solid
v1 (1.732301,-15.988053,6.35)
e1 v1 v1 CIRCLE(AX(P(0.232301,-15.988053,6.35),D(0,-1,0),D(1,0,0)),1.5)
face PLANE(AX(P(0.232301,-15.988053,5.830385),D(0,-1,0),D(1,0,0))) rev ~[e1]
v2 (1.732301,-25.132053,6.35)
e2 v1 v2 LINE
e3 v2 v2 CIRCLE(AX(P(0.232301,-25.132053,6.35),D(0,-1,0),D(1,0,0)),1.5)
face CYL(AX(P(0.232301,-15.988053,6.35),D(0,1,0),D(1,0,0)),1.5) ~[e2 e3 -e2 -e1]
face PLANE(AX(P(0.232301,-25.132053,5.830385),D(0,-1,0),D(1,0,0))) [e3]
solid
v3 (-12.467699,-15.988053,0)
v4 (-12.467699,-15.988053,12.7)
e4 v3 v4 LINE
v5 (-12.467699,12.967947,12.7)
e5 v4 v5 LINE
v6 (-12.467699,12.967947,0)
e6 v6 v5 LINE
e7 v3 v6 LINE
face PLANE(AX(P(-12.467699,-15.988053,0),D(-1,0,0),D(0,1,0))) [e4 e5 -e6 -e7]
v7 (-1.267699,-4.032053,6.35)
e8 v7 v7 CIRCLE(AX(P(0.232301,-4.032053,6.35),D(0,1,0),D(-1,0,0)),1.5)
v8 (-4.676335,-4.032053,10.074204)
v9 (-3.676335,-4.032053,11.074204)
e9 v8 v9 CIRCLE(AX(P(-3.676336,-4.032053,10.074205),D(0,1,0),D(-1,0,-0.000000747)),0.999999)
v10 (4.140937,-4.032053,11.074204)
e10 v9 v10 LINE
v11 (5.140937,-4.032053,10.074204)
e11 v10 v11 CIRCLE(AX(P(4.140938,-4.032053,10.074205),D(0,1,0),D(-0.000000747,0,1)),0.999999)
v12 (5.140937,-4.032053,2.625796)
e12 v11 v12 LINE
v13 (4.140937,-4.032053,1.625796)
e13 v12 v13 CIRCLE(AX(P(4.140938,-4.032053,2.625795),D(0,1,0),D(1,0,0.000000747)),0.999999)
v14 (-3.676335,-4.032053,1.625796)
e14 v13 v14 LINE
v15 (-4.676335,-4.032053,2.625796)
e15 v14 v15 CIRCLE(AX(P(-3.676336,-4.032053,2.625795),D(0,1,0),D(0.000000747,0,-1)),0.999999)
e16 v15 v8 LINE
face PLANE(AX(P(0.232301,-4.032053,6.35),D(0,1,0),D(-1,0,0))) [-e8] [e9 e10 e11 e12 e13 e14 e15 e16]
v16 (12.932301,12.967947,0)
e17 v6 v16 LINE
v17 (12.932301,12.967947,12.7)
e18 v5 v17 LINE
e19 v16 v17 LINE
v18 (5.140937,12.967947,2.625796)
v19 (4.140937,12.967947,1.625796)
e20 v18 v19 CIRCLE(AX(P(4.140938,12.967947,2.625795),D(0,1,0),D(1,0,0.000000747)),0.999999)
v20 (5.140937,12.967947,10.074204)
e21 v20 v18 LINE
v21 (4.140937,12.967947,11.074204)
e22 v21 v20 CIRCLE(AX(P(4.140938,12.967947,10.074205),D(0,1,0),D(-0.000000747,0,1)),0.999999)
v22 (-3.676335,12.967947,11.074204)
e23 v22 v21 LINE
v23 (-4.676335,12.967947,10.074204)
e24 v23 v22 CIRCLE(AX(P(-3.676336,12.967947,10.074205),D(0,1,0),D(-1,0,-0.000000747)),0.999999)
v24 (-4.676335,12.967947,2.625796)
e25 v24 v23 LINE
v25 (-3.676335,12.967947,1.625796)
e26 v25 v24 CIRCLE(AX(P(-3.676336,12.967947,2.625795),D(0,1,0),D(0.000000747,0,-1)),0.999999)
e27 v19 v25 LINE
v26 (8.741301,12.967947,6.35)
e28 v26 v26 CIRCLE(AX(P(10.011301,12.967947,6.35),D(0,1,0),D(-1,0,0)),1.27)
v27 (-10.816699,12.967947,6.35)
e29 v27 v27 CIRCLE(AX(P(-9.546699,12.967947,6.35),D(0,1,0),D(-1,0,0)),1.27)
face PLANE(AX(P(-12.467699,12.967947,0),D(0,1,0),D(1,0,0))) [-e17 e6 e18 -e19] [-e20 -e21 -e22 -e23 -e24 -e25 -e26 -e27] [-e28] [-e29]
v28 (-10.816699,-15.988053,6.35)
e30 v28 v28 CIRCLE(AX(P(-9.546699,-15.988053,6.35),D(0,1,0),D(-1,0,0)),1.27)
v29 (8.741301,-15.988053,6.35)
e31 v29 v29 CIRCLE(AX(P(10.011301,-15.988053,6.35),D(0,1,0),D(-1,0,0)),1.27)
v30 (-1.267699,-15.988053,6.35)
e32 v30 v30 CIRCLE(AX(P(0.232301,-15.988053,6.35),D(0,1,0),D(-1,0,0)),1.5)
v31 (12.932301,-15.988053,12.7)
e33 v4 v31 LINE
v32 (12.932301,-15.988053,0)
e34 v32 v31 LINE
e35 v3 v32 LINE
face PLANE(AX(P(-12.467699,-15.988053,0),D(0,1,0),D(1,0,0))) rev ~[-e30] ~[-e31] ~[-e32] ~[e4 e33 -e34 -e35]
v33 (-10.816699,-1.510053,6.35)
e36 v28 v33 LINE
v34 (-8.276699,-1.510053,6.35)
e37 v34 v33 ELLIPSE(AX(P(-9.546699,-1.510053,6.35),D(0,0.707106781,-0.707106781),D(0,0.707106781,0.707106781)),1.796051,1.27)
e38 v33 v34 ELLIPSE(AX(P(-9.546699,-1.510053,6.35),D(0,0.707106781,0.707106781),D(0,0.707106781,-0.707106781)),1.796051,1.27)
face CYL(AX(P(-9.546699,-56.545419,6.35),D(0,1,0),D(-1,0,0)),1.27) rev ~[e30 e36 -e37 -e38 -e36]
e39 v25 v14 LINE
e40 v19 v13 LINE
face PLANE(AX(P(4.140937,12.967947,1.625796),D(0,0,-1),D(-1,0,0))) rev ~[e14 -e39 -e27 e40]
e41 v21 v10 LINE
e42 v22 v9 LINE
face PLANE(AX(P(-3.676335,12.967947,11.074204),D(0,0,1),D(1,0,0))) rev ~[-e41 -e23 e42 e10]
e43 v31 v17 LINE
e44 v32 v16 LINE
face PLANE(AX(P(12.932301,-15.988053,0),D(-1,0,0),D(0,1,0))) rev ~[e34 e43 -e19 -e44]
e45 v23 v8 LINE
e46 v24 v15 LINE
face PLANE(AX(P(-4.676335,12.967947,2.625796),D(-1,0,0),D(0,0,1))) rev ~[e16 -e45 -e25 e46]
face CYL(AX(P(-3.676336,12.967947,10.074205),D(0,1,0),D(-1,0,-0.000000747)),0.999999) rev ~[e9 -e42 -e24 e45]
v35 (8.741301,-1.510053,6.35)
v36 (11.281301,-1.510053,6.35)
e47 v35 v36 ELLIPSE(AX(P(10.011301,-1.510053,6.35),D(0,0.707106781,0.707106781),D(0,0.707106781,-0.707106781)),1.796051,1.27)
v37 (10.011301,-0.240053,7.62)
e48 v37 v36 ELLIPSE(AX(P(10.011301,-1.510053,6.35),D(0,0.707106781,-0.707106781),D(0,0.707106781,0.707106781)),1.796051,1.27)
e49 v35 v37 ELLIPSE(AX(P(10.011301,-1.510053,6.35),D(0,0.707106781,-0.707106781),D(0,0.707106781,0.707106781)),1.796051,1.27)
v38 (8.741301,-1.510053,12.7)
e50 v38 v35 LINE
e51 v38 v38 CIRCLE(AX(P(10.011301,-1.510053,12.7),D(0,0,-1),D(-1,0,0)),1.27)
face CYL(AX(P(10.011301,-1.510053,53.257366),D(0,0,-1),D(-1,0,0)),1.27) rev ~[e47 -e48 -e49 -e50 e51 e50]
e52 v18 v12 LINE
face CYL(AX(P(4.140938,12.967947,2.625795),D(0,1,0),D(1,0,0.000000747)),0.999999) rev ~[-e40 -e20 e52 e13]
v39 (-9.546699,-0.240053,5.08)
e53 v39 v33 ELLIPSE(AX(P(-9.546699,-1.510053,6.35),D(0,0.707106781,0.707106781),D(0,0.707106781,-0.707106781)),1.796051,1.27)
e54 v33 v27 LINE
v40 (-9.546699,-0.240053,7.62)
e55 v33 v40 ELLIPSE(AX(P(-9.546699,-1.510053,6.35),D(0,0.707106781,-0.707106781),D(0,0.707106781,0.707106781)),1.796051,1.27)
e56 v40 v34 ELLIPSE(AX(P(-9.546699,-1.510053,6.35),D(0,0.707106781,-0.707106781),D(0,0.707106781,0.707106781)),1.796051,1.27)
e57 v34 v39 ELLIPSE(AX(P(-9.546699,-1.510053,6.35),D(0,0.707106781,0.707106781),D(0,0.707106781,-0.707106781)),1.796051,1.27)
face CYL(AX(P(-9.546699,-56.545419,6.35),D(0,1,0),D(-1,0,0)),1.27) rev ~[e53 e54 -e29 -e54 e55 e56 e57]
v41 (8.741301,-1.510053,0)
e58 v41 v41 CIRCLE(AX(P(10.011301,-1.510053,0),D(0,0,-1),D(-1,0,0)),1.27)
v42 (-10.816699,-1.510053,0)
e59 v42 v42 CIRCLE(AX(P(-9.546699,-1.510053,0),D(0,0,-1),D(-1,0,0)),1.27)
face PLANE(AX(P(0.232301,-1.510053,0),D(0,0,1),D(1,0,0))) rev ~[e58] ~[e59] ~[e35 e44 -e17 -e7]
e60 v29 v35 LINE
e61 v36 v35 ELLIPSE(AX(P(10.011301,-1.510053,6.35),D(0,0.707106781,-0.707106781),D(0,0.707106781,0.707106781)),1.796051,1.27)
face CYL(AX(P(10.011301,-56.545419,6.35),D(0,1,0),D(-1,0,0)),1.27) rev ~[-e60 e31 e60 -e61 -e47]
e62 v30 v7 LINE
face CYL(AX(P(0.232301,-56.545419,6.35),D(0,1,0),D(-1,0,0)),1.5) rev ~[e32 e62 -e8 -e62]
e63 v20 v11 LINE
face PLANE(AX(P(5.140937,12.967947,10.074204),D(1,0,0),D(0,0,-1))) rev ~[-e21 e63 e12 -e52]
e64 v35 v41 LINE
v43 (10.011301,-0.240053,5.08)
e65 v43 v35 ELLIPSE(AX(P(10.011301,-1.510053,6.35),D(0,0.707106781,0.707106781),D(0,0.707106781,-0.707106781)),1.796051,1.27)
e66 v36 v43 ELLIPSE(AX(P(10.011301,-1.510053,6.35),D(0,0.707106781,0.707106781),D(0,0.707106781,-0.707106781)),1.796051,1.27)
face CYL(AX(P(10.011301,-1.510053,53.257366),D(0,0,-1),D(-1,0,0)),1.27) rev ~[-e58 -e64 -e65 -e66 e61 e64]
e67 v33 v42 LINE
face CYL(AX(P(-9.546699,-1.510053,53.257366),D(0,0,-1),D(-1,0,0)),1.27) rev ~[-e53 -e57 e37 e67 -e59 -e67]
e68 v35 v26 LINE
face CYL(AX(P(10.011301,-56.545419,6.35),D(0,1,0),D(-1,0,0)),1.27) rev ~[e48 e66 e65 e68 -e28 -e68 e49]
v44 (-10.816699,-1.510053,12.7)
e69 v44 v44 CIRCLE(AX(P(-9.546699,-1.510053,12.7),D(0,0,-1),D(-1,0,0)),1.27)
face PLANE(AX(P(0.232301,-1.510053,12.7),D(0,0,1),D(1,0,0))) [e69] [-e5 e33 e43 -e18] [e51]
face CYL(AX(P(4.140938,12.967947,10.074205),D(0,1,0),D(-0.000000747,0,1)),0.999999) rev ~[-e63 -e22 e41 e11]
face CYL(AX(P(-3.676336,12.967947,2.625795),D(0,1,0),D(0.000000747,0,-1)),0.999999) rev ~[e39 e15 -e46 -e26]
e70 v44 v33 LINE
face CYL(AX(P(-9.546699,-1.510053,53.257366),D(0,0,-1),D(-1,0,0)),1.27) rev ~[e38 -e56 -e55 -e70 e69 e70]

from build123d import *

# Parameters (mm, degrees)
F0_W     = 25.4
F0_H     = 28.956
F1_DEPTH = 12.7
F3_D     = 2.54
F4_D     = 3
F6_D     = 2.54
F7_DEPTH = 9.144
F9_DEPTH = 17


with BuildPart() as f1:
    # F0 (on Top) → F1 (new body)
    with BuildSketch(Plane.XY):
        with Locations((0.232301, -1.510053)):
            Rectangle(F0_W, F0_H)
    extrude(amount=F1_DEPTH)

    # F3 (through all)
    with Locations(Plane.XZ.offset(15.988053)):
        with Locations((-9.546699, 6.35), (10.011301, 6.35)):
            Hole(F3_D / 2)

    # F4 (through all)
    with Locations(Plane.XZ.offset(15.988053)):
        with Locations((0.232301, 6.35)):
            Hole(F4_D / 2)

    # F6 (through all)
    with Locations(Plane.XY.offset(12.7)):
        with Locations((-9.546699, -1.510053), (10.011301, -1.510053)):
            Hole(F6_D / 2)

    # F8 (on face) → F9 (cut)
    with BuildSketch(Plane(origin=(0, 12.967947, 0), x_dir=(-1, 0, 0), z_dir=(0, 1, 0))):
        with BuildLine():
            Line((-4.140937, 1.625796), (3.676335, 1.625796))
            ThreePointArc((3.676335, 1.625796), (4.383442, 1.918689), (4.676335, 2.625796))
            Line((4.676335, 2.625796), (4.676335, 10.074204))
            ThreePointArc((4.676335, 10.074204), (4.383442, 10.781311), (3.676335, 11.074204))
            Line((3.676335, 11.074204), (-4.140937, 11.074204))
            ThreePointArc((-4.140937, 11.074204), (-4.848044, 10.781311), (-5.140937, 10.074204))
            Line((-5.140937, 10.074204), (-5.140937, 2.625796))
            ThreePointArc((-5.140937, 2.625796), (-4.848044, 1.918689), (-4.140937, 1.625796))
        make_face()
    extrude(amount=-F9_DEPTH, mode=Mode.SUBTRACT)


with BuildPart() as f7:
    # F2 (on face) → F7 (new body)
    with BuildSketch(Plane.XZ.offset(15.988053)):
        with BuildLine():
            Line((1.732301, 6.35), (0.232301, 6.35))
            Line((0.232301, 6.35), (-1.267699, 6.35))
            ThreePointArc((-1.267699, 6.35), (0.232301, 4.85), (1.732301, 6.35))
        make_face()
        with BuildLine():
            Line((-1.267699, 6.35), (0.232301, 6.35))
            Line((0.232301, 6.35), (1.732301, 6.35))
            ThreePointArc((1.732301, 6.35), (0.232301, 7.85), (-1.267699, 6.35))
        make_face()
    extrude(amount=F7_DEPTH)


solid = Compound([f1.part, f7.part])
